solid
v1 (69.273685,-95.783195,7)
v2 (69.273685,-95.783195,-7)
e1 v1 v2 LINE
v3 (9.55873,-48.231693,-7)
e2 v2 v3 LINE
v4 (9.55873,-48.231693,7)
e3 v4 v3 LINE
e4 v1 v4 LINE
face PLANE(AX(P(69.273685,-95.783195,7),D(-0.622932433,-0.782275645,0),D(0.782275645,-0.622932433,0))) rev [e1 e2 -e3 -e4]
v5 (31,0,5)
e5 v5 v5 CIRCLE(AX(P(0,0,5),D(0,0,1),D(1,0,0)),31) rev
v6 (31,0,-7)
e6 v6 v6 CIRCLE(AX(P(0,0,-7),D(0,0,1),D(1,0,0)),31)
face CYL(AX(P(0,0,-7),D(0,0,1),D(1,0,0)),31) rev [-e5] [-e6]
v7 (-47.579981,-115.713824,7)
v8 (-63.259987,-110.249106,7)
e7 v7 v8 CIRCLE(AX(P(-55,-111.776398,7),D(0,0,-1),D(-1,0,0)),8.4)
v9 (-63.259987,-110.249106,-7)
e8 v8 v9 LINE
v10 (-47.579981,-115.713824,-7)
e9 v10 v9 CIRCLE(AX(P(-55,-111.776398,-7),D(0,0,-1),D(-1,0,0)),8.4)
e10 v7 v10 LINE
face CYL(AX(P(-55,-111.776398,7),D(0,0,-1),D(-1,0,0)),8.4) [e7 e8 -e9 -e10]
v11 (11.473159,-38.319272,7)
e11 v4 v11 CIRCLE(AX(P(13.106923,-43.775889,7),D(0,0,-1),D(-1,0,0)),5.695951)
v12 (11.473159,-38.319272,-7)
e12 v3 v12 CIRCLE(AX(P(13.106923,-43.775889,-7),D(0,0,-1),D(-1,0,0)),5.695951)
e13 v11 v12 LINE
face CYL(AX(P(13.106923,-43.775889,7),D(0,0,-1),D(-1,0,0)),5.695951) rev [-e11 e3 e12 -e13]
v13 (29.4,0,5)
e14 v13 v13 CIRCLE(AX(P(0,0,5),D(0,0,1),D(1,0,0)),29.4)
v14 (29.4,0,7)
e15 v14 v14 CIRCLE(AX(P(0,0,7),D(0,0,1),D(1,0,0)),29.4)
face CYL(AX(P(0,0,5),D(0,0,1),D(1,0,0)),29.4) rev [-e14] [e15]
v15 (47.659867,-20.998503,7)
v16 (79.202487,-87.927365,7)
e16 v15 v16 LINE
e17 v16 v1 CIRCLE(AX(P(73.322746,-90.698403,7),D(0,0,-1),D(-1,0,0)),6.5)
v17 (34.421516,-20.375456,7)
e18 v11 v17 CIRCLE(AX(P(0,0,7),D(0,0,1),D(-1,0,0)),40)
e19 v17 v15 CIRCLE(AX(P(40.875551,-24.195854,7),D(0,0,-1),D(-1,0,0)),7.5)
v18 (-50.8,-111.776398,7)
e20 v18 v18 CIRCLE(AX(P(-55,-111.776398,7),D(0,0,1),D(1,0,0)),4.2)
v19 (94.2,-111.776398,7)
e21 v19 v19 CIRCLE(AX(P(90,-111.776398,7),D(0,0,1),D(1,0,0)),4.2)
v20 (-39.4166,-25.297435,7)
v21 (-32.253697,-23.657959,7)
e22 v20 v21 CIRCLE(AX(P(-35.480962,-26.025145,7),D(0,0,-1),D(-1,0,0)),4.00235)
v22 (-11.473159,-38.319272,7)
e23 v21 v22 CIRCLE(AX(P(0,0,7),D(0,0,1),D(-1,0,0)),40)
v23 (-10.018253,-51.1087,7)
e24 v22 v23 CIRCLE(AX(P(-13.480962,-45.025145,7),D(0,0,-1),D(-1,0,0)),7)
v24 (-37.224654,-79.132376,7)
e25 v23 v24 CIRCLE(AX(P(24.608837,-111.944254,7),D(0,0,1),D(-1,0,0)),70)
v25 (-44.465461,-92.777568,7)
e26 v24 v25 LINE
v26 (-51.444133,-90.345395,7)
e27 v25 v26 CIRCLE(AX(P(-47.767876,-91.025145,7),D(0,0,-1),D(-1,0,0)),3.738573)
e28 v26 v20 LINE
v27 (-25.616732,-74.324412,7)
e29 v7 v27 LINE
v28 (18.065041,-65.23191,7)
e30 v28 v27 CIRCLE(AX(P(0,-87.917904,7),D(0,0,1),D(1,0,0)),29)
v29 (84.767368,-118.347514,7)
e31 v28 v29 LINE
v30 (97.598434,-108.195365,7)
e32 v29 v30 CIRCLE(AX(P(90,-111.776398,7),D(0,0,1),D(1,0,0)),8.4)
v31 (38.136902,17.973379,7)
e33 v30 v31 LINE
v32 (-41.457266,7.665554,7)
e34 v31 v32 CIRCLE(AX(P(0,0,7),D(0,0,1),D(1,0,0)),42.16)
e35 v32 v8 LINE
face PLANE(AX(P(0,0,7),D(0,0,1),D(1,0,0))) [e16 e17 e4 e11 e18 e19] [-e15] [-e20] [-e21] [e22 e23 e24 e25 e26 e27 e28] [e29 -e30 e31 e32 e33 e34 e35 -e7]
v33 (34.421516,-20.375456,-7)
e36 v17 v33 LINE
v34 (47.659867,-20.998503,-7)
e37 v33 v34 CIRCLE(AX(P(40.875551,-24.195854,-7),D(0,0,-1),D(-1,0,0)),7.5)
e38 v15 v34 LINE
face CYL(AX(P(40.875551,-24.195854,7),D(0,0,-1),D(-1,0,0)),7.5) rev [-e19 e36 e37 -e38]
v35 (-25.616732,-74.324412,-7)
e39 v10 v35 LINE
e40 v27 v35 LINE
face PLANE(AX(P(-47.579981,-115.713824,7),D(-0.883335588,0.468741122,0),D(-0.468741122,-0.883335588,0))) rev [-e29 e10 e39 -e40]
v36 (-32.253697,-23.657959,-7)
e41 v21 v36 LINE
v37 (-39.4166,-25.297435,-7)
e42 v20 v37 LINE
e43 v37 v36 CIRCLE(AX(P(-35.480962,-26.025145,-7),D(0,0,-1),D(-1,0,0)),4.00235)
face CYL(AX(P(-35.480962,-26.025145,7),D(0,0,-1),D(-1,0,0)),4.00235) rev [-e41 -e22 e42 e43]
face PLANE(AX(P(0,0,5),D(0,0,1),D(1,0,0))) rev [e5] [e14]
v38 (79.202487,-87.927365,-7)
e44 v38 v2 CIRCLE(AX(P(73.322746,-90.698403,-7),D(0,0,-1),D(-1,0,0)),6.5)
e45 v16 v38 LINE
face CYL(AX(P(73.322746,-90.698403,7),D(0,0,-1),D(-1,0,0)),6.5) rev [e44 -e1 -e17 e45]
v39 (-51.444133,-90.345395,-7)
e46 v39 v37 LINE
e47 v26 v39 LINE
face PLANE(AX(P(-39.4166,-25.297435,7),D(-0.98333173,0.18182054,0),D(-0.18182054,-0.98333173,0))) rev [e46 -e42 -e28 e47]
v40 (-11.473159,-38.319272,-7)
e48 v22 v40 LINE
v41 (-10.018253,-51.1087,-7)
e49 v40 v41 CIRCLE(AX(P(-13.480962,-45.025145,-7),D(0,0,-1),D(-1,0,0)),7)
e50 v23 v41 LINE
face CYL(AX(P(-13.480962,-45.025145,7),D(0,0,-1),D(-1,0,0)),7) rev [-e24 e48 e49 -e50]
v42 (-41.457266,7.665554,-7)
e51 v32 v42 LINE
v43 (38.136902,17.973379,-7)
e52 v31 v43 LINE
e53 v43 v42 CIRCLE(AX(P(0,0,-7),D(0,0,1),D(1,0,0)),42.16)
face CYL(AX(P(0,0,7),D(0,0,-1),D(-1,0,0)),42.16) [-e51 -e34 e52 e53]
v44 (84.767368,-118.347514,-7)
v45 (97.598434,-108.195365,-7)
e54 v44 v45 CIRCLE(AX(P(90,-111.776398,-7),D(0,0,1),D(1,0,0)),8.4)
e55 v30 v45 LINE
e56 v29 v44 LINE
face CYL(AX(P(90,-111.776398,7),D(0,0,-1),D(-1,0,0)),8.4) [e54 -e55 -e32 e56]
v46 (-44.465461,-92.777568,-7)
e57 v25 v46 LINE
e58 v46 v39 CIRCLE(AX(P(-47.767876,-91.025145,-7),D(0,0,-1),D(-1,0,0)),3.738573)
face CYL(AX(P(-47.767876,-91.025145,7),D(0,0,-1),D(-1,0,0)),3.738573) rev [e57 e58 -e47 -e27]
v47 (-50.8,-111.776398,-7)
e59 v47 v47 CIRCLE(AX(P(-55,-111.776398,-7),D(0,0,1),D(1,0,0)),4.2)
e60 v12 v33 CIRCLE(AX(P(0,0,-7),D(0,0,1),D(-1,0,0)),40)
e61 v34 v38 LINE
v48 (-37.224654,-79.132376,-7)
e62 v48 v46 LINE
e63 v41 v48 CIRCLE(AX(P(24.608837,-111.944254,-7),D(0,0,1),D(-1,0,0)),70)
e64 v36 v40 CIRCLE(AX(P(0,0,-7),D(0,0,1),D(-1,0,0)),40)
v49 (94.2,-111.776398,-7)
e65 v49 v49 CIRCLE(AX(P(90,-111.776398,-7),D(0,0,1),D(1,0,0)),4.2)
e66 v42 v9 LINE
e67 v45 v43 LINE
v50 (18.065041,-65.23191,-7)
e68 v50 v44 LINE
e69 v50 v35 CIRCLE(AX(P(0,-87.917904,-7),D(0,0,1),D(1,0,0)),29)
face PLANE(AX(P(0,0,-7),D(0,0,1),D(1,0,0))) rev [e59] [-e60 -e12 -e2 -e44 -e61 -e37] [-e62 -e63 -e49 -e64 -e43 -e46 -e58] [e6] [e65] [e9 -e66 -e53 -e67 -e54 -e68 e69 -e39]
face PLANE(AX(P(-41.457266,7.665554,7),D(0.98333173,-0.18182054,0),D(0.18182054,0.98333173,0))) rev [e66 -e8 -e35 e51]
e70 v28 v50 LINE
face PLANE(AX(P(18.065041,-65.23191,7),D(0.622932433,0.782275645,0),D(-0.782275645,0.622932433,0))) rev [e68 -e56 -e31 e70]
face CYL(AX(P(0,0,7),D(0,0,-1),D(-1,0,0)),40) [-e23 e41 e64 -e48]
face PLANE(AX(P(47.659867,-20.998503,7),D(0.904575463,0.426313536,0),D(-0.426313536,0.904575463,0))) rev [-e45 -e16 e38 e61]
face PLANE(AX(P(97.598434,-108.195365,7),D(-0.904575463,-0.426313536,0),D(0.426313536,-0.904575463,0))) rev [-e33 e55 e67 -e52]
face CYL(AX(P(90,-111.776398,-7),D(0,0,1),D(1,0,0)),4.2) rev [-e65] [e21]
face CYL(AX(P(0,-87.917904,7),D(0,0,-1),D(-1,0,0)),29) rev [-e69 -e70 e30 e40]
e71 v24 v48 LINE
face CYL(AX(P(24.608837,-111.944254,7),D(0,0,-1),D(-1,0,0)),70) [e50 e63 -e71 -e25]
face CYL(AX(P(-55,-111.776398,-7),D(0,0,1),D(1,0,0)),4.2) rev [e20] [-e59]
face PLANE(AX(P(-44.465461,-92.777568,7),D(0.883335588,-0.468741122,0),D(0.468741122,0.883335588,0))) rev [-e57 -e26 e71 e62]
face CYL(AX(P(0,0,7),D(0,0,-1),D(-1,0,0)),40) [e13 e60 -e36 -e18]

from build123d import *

# Parameters (mm, degrees)
BOSS_EXTRUDE1_DEPTH = 7
SKETCH3_R           = 4.2
SKETCH3_R_2         = 31
CUT_EXTRUDE1_DEPTH  = 156.951680739
SKETCH5_R           = 31
SKETCH5_R_2         = 29.4
BOSS_EXTRUDE3_DEPTH = 2
CUT_EXTRUDE3_DEPTH  = 156.951680739


with BuildPart() as part:
    # Sketch1 → Boss-Extrude1 (new, symmetric)
    with BuildSketch(Plane.XY):
        with BuildLine():
            Line((-41.457265734, 7.66555398), (-63.259986532, -110.249105832))
            ThreePointArc((-63.259986532, -110.249105832), (-57.764447863, -119.708474266), (-47.579981062, -115.713823794))
            Line((-47.579981062, -115.713823794), (-25.616732048, -74.324411645))
            ThreePointArc((-25.616732048, -74.324411645), (-5.909772036, -59.526451333), (18.065040544, -65.231910476))
            Line((18.065040544, -65.231910476), (84.767367566, -118.347513787))
            ThreePointArc((84.767367566, -118.347513787), (95.212080879, -118.36382677), (97.598433891, -108.195364664))
            Line((97.598433891, -108.195364664), (38.136901528, 17.973378699))
            ThreePointArc((38.136901528, 17.973378699), (-5.414703798, 41.810842885), (-41.457265734, 7.66555398))
        make_face()
    extrude(amount=BOSS_EXTRUDE1_DEPTH, both=True)

    # Sketch3 → Cut-Extrude1 (cut, through all)
    with BuildSketch(Plane.XY.offset(7)):
        with Locations((-55, -111.776398371)):
            Circle(SKETCH3_R)
        with Locations((90, -111.776398371)):
            Circle(SKETCH3_R)
        Circle(SKETCH3_R_2)
    extrude(amount=-CUT_EXTRUDE1_DEPTH, mode=Mode.SUBTRACT)

    # Sketch5 → Boss-Extrude3 (add)
    with BuildSketch(Plane.XY.offset(7)):
        Circle(SKETCH5_R)
        Circle(SKETCH5_R_2, mode=Mode.SUBTRACT)
    extrude(amount=-BOSS_EXTRUDE3_DEPTH)

    # Sketch7 → Cut-Extrude3 (cut, through all)
    with BuildSketch(Plane(origin=(0, 0, -7), x_dir=(-1, 0, 0), z_dir=(0, 0, -1))):
        with BuildLine():
            Line((39.416599892, -25.297435332), (51.444133318, -90.345395421))
            ThreePointArc((51.444133318, -90.345395421), (48.99824365, -94.555459787), (44.465461038, -92.777567771))
            Line((44.465461038, -92.777567771), (37.224653842, -79.132375609))
            ThreePointArc((37.224653842, -79.132375609), (25.615584401, -63.184563156), (10.018252925, -51.108700201))
            ThreePointArc((10.018252925, -51.108700201), (6.525820517, -44.233938334), (11.473159104, -38.319272177))
            ThreePointArc((11.473159104, -38.319272177), (23.05966211, -32.684124333), (32.253697166, -23.657958896))
            ThreePointArc((32.253697166, -23.657958896), (36.373945084, -22.123685051), (39.416599892, -25.297435332))
        make_face()
        with BuildLine():
            Line((-47.659866623, -20.998502649), (-79.20248655, -87.927365066))
            ThreePointArc((-79.20248655, -87.927365066), (-77.355903862, -95.795817886), (-69.273685228, -95.783194745))
            Line((-69.273685228, -95.783194745), (-9.558730446, -48.231692548))
            ThreePointArc((-9.558730446, -48.231692548), (-7.514321735, -42.69576591), (-11.473159104, -38.319272177))
            ThreePointArc((-11.473159104, -38.319272177), (-24.638900988, -31.510705453), (-34.421516336, -20.375456146))
            ThreePointArc((-34.421516336, -20.375456146), (-41.228138553, -16.704146639), (-47.659866623, -20.998502649))
        make_face()
    extrude(amount=-CUT_EXTRUDE3_DEPTH, mode=Mode.SUBTRACT)


solid = part.part
